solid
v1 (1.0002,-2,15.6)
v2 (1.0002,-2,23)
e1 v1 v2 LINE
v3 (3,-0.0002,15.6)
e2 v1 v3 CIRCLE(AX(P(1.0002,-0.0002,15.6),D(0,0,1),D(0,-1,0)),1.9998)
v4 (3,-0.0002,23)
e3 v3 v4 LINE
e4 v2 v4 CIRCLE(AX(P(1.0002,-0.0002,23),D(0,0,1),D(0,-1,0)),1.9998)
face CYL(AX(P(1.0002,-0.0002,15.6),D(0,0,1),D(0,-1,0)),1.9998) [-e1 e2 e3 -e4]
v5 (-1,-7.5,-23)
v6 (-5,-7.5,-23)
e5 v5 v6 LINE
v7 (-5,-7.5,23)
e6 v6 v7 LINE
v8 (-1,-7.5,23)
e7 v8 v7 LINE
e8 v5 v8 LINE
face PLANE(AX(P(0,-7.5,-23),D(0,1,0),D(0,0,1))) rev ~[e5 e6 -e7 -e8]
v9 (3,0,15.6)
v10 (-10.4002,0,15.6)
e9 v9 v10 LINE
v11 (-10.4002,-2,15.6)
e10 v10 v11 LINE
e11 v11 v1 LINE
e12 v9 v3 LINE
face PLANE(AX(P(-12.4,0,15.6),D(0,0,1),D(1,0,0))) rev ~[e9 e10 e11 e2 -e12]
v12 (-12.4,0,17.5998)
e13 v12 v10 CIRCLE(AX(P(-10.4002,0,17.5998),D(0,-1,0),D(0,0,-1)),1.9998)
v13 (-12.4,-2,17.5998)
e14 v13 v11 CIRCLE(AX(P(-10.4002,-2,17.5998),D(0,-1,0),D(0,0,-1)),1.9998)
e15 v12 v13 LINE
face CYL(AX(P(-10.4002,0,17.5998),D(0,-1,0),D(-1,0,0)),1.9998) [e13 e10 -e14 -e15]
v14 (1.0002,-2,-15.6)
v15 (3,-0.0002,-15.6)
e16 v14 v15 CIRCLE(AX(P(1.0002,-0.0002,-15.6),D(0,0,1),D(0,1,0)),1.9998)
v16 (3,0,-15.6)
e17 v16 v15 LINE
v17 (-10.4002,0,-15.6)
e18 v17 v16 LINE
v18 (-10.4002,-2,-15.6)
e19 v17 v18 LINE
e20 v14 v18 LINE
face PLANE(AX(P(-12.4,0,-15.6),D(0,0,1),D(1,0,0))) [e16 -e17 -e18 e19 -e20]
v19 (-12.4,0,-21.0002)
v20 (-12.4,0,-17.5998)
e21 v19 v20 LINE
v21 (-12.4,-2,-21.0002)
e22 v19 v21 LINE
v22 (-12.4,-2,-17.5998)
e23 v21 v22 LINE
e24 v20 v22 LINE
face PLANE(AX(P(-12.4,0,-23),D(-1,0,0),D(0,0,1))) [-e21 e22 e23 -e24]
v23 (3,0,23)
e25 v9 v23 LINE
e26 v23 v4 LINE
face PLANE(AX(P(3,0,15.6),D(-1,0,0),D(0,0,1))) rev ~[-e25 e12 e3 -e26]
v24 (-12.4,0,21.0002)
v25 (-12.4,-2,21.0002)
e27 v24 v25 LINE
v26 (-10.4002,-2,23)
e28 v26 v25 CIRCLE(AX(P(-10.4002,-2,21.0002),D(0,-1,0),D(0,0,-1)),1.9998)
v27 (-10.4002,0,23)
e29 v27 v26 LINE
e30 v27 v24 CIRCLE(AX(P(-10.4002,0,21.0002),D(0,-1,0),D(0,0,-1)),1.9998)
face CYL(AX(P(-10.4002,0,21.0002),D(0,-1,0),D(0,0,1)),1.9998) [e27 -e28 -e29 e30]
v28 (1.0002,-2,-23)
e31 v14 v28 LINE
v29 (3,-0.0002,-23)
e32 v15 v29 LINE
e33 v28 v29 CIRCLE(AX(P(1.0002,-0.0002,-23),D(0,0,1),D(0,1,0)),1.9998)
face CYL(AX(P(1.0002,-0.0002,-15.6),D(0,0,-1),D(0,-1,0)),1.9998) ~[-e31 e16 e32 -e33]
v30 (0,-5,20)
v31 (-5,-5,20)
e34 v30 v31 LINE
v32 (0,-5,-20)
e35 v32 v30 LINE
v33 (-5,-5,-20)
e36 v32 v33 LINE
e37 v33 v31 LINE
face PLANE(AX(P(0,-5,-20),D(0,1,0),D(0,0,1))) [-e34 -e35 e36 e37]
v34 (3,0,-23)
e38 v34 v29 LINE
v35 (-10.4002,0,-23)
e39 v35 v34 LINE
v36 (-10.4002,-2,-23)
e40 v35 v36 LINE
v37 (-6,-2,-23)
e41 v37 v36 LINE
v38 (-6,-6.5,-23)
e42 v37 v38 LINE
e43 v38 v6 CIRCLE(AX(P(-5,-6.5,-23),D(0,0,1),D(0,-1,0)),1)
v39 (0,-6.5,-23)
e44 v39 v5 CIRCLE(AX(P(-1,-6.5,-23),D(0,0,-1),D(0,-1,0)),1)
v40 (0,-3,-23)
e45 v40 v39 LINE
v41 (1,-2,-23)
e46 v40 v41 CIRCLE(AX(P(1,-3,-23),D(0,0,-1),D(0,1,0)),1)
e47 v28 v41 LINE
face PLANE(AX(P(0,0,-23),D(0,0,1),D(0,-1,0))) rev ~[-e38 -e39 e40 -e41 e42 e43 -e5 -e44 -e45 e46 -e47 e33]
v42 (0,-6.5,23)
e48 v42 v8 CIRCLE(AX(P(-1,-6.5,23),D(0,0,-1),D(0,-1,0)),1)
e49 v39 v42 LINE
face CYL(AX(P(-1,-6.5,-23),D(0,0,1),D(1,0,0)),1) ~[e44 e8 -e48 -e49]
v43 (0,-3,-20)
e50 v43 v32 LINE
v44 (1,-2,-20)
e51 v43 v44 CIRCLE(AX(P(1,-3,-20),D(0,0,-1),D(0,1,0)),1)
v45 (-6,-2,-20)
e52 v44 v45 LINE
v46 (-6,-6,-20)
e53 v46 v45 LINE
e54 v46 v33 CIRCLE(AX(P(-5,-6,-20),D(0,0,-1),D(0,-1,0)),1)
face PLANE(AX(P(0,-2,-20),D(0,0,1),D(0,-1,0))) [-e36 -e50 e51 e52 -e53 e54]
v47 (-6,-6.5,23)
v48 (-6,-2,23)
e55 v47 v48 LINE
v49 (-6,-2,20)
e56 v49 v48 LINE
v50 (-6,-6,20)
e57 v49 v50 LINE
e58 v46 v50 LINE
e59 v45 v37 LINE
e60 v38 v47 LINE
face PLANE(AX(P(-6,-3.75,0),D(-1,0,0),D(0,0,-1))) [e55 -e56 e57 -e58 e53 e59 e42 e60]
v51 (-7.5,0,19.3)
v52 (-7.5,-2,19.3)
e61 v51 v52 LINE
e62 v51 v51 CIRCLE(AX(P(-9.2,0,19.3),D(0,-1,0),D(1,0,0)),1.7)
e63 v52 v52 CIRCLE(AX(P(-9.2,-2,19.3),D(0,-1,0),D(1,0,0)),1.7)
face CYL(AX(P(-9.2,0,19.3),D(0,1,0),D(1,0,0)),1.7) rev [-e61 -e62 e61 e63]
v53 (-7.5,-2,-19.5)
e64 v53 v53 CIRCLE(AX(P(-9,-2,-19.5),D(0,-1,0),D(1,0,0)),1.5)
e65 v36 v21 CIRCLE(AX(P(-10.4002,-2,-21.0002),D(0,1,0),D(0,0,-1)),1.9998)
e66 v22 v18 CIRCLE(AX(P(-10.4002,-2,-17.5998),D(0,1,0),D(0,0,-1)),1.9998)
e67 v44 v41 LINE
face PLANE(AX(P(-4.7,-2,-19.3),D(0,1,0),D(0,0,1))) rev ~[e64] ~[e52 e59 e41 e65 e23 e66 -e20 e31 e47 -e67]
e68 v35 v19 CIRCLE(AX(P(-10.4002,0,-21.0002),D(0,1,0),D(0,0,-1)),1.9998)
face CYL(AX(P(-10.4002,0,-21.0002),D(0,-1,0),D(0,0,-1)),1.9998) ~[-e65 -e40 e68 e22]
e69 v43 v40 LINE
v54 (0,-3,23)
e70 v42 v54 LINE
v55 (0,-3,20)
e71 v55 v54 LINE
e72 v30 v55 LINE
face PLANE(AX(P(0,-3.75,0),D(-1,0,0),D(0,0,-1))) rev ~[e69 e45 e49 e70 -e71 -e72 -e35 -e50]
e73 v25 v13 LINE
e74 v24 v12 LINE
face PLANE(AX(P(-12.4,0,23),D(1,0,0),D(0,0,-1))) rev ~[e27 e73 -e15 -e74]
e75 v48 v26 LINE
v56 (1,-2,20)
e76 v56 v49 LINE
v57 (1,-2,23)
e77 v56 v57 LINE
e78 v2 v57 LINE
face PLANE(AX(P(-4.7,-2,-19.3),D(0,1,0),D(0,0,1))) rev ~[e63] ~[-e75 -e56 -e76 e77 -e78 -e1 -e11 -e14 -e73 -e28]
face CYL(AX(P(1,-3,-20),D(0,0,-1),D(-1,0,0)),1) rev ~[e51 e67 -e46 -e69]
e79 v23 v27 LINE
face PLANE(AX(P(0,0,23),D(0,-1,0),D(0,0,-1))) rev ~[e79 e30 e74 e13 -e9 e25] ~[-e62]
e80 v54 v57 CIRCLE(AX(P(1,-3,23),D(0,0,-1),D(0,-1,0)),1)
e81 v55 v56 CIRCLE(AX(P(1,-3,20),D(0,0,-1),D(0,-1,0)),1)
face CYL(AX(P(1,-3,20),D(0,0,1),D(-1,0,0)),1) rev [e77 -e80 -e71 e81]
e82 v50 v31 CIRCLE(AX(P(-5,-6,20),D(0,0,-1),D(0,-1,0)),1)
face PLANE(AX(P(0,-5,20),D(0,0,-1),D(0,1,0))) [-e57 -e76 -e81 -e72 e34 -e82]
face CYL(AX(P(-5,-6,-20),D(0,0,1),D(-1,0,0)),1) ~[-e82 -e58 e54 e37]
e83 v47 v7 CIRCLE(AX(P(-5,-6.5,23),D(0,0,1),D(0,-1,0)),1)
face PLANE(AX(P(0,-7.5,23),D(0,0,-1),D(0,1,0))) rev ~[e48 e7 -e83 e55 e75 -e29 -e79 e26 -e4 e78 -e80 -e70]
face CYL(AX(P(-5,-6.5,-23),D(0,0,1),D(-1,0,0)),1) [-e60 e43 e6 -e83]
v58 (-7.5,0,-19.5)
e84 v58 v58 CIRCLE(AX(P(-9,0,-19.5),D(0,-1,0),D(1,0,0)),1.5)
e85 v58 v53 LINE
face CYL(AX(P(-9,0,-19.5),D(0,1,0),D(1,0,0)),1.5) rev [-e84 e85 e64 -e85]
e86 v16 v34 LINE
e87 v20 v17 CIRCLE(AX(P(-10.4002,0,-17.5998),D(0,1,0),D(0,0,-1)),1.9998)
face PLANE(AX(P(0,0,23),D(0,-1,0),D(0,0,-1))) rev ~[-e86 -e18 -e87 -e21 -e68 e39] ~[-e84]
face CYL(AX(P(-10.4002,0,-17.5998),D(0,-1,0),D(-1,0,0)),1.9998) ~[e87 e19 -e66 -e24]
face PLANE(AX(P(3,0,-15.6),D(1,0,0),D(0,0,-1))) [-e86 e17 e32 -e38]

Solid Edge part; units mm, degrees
sketch "Sketch1" plane through (0, 0, 0) normal (1, 0, 0) x (0, 1, 0)
  line L0 (-5, 20) -> (-2, 20)
  line L1 (-2, 20) -> (-2, -20)
  line L2 (-2, -20) -> (-5, -20)
  line L3 (-5, -20) -> (-5, 20)
  line L4 (-7.5, 23) -> (0, 23)
  line L5 (0, 23) -> (0, -23)
  line L6 (0, -23) -> (-7.5, -23)
  line L7 (-7.5, -23) -> (-7.5, 23)
  dimension "D1" = 2
  dimension "D2" = 3
  dimension "D3" = 3
  dimension "D4" = 40
  dimension "D5" = 2.5
extrude "Protrusion1" add sketch "Sketch1" against normal blind 6
sketch "Sketch2" plane through (0, 0, 0) normal (0, -1, 0) x (1, 0, 0)
  line L0 (-12.4, 15.6) -> (3, 15.6)
  line L1 (3, 15.6) -> (3, 23)
  line L2 (3, 23) -> (-12.4, 23)
  line L3 (-12.4, 23) -> (-12.4, 15.6)
  circle A0 centre (-9.2, 19.3) radius 1.7
  line L4 (3, -23) -> (-12.4, -23)
  line L5 (-12.4, -23) -> (-12.4, -15.6)
  line L6 (-12.4, -15.6) -> (3, -15.6)
  line L7 (3, -15.6) -> (3, -23)
  circle A1 centre (-9, -19.5) radius 1.5
  dimension "D1" = 3.4
  dimension "D2" = 1.5
  dimension "D3" = 1.5
  dimension "D4" = 2
  dimension "D5" = 3
extrude "Protrusion2" add sketch "Sketch2" along normal up to surface (2 mm away)
fillet "Round_1" radius 1 6 edges at (-6, -5, 0) (-6, -7.5, 0) (0, -7.5, 0) (0, -2, 0) (0, -2, 21.5) (0, -2, -21.5)
fillet "Round_2" radius 2 6 edges at (-12.4, -1, 23) (-12.4, -1, 15.6) (-12.4, -1, -15.6) (-12.4, -1, -23) (3, -2, 19.3) (3, -2, -19.3)
sketch "Sketch3" plane through (0, 0, 0) normal (0, -1, 0) x (1, 0, 0)
  line L0 (-20.672, -15.6) -> (-20.672, 15.6)
  line L1 (-20.672, 15.6) -> (17.3564, 15.6)
  line L2 (17.3564, 15.6) -> (17.3564, -15.6)
  line L3 (17.3564, -15.6) -> (-20.672, -15.6)
extrude "Cutout1" cut sketch "Sketch3" along normal up to next
